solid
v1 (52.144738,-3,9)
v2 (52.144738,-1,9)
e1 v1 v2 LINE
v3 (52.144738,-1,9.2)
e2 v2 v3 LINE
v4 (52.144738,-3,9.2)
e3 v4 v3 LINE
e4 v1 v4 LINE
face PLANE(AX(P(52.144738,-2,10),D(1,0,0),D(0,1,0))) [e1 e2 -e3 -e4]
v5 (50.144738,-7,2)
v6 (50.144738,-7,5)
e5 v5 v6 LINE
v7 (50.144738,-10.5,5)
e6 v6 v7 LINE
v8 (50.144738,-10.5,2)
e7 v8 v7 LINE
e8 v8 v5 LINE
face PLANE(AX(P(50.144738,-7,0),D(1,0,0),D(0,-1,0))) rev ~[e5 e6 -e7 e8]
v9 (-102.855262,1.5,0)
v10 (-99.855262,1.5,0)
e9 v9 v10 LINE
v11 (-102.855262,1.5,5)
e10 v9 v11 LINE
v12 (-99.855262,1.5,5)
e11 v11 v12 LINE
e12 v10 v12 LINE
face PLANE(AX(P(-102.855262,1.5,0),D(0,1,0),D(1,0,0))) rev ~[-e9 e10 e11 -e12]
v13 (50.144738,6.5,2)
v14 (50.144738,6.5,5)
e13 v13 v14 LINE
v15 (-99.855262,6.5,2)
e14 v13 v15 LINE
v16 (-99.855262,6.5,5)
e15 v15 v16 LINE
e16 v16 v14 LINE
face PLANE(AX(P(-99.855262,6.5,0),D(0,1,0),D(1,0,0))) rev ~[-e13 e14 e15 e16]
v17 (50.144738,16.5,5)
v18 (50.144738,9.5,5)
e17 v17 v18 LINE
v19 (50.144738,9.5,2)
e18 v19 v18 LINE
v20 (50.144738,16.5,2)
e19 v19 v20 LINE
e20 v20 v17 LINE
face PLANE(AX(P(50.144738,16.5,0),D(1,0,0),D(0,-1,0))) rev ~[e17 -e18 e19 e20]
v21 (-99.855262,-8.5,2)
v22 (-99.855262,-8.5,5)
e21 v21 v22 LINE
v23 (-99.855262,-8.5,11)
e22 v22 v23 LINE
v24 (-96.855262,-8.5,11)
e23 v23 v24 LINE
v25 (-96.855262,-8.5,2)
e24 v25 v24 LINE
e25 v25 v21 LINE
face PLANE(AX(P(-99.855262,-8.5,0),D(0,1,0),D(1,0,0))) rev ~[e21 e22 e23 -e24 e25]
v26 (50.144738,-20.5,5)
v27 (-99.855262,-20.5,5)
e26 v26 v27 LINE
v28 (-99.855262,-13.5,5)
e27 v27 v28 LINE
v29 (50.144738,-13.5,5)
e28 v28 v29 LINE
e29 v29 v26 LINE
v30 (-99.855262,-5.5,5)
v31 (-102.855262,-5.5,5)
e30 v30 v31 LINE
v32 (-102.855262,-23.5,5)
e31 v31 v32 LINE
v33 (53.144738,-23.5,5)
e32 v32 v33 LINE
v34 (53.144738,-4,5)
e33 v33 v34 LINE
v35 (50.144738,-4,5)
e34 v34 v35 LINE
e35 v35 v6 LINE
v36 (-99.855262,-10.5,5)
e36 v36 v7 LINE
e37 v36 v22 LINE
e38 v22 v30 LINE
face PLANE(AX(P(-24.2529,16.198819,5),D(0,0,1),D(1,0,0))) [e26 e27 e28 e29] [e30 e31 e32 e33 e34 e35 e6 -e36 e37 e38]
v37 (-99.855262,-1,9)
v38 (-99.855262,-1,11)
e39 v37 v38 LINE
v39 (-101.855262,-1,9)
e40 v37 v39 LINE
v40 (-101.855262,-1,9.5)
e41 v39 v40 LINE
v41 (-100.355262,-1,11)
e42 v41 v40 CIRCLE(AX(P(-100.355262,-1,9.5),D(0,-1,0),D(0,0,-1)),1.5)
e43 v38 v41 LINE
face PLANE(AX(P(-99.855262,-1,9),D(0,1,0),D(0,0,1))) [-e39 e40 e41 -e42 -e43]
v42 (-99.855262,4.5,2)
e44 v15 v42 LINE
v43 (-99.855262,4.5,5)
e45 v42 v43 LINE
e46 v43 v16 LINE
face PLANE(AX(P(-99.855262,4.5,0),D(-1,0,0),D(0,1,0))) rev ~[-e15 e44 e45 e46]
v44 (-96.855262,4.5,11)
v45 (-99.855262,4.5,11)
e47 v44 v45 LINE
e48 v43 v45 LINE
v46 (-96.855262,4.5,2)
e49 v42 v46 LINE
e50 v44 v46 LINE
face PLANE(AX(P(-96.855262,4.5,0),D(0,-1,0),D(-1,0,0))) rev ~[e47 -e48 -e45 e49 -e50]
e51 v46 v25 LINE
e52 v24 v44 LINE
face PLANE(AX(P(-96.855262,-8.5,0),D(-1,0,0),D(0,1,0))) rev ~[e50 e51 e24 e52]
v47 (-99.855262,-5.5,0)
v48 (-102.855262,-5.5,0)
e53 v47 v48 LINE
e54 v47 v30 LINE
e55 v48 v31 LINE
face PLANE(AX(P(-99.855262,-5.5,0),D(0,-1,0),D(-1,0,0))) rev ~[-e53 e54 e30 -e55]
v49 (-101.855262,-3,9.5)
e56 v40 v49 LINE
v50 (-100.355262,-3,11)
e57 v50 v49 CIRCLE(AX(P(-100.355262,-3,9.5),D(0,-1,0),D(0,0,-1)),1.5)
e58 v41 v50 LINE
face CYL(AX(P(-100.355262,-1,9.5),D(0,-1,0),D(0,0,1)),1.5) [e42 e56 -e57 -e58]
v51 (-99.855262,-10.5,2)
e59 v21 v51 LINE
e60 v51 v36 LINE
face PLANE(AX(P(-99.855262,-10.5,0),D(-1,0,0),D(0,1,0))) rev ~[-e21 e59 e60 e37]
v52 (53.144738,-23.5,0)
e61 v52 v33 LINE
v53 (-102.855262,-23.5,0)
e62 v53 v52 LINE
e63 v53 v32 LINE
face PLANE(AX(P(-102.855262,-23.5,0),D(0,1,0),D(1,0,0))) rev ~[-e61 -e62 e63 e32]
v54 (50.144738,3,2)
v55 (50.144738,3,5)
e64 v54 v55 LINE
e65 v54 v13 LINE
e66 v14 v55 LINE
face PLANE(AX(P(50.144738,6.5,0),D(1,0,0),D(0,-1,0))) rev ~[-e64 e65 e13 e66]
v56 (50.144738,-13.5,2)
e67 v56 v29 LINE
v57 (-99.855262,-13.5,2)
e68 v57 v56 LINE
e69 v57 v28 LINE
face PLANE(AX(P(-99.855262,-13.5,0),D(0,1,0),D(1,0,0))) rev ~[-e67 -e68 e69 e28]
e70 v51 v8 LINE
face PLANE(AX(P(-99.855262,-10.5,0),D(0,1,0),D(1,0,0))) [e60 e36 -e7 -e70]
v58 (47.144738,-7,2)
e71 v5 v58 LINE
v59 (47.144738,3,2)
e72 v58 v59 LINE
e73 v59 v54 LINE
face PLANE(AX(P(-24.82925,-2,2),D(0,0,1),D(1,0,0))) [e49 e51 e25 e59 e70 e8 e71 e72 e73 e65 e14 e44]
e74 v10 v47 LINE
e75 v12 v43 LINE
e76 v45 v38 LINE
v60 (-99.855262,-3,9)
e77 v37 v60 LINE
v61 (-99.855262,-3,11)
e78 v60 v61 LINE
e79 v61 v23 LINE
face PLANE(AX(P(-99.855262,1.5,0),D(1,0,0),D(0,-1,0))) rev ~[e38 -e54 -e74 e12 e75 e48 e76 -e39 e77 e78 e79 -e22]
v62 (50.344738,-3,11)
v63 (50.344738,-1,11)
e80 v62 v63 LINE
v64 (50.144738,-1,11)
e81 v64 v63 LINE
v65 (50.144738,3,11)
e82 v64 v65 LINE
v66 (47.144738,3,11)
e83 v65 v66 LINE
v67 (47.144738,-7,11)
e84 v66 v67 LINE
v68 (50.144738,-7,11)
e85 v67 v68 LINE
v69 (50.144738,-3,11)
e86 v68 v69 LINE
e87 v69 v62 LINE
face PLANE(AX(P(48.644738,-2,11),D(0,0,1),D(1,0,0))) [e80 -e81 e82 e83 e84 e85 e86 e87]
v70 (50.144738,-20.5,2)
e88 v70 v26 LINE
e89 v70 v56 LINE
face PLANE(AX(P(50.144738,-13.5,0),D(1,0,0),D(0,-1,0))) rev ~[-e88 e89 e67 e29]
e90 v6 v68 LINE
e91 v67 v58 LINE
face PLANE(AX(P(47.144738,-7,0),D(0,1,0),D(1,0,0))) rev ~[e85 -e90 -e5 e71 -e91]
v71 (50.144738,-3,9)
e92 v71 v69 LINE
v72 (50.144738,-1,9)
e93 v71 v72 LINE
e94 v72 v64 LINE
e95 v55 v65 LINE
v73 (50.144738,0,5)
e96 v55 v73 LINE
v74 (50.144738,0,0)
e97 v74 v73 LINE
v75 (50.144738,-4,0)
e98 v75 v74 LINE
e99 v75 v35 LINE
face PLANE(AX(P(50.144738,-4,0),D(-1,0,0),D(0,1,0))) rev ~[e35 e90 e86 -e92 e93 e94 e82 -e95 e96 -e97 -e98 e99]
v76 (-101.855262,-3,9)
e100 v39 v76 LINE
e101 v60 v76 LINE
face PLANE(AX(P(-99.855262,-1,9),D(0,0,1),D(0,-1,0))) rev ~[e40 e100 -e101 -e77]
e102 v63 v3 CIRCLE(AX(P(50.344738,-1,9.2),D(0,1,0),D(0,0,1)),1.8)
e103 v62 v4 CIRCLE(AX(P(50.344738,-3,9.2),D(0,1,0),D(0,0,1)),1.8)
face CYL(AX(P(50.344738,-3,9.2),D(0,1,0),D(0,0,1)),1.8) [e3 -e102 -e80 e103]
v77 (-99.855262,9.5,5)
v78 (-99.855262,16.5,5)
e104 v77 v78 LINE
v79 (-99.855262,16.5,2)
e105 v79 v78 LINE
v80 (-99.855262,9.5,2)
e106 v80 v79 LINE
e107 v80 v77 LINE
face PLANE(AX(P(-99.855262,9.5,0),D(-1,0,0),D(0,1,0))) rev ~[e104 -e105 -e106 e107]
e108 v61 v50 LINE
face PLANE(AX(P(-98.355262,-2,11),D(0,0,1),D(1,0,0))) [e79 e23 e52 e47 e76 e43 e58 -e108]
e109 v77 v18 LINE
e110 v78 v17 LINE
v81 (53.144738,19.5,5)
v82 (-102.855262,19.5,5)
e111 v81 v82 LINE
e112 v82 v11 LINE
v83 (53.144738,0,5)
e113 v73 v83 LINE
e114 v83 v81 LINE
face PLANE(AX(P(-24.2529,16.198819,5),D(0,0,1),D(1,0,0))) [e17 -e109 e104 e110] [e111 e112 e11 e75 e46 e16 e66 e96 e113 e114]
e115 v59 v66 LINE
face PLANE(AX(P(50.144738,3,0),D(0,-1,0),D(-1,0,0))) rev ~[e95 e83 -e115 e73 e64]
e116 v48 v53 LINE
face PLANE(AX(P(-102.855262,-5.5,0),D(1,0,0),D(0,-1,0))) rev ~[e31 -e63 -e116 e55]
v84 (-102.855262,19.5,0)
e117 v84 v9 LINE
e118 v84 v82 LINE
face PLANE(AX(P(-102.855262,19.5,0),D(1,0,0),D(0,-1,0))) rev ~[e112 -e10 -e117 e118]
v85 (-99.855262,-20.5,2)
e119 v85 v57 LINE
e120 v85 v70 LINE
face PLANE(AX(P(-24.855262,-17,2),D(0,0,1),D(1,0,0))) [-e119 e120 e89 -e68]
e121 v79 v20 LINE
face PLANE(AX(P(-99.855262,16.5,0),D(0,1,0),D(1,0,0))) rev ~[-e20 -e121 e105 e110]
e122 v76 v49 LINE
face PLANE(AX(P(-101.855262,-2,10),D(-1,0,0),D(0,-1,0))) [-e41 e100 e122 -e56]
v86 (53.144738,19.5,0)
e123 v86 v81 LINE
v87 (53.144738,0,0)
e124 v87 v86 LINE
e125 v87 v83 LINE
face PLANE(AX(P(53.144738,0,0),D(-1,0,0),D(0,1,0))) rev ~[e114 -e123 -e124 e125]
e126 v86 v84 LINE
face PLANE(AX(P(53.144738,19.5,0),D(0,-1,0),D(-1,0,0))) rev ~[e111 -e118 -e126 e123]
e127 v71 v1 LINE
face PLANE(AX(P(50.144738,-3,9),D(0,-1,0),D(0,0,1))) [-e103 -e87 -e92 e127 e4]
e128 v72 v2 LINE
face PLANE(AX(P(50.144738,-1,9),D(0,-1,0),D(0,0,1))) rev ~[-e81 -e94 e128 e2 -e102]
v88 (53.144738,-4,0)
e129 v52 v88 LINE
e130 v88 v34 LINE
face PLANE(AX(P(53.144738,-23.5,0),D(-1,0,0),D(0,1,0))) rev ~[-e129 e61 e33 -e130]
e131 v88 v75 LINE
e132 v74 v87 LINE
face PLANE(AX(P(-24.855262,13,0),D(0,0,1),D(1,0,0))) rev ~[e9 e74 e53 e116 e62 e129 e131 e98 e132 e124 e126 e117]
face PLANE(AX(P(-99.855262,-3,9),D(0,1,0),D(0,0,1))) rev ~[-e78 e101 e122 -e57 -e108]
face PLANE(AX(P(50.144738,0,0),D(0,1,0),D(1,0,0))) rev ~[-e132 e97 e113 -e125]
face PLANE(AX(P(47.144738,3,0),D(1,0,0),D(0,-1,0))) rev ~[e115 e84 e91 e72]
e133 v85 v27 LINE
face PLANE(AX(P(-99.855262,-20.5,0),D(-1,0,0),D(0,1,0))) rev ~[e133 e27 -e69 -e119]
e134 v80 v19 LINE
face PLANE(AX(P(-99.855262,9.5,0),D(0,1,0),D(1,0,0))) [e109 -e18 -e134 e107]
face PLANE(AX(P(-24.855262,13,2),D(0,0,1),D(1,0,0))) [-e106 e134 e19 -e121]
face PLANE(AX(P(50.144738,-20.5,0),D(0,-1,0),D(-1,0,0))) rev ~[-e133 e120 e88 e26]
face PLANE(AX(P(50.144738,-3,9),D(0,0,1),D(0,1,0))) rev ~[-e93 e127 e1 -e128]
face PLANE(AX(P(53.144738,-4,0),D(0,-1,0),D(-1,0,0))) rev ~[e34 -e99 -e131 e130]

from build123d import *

# Parameters (mm, degrees)
F0_W     = 150
F0_H     = 3
F1_DEPTH = 5
F0_H_2   = 7
F2_DEPTH = 2
F3_DEPTH = 11
F5_W     = 2
F5_H     = 2
F6_DEPTH = 2
F7_R     = 1.5
F8_W     = 2
F8_H     = 2
F9_DEPTH = 2
F10_R    = 1.8


with BuildPart() as f1:
    # F0 (on Top) → F1 (new body)
    with BuildSketch(Plane.XY):
        Polygon((53.1447380781, 19.5), (-102.8552619219, 19.5), (-102.8552619219, 1.5), (-99.8552619219, 1.5), (-99.8552619219, 4.5), (-99.8552619219, 6.5), (-99.8552619219, 9.5), (-99.8552619219, 16.5), (50.1447380781, 16.5), (50.1447380781, 9.5), (50.1447380781, 6.5), (50.1447380781, 3), (50.1447380781, 0), (53.1447380781, 0), align=None)
        Polygon((-99.8552619219, 4.5), (-99.8552619219, 1.5), (-99.8552619219, -5.5), (-99.8552619219, -8.5), (-96.8552619219, -8.5), (-96.8552619219, 4.5), align=None)
        Polygon((-99.8552619219, -5.5), (-102.8552619219, -5.5), (-102.8552619219, -23.5), (53.1447380781, -23.5), (53.1447380781, -4), (50.1447380781, -4), (50.1447380781, -7), (50.1447380781, -10.5), (50.1447380781, -13.5), (50.1447380781, -20.5), (-99.8552619219, -20.5), (-99.8552619219, -13.5), (-99.8552619219, -10.5), (-99.8552619219, -8.5), align=None)
        with Locations((-24.8552619219, -12)):
            Rectangle(F0_W, F0_H)
        with Locations((-24.8552619219, 8)):
            Rectangle(F0_W, F0_H)
        Polygon((50.1447380781, -4), (50.1447380781, 0), (50.1447380781, 3), (47.1447380781, 3), (47.1447380781, -7), (50.1447380781, -7), align=None)
    extrude(amount=F1_DEPTH)

    # F0 (on Top) → F2 (join)
    with BuildSketch(Plane.XY):
        with Locations((-24.8552619219, 13)):
            Rectangle(F0_W, F0_H_2)
        Polygon((-99.8552619219, 6.5), (-99.8552619219, 4.5), (-96.8552619219, 4.5), (-96.8552619219, -8.5), (-99.8552619219, -8.5), (-99.8552619219, -10.5), (50.1447380781, -10.5), (50.1447380781, -7), (47.1447380781, -7), (47.1447380781, 3), (50.1447380781, 3), (50.1447380781, 6.5), align=None)
        with Locations((-24.8552619219, -17)):
            Rectangle(F0_W, F0_H_2)
    extrude(amount=F2_DEPTH)


with BuildPart() as f3:
    # F0 (on Top) → F3 (new body)
    with BuildSketch(Plane.XY):
        Polygon((-99.8552619219, 4.5), (-99.8552619219, 1.5), (-99.8552619219, -5.5), (-99.8552619219, -8.5), (-96.8552619219, -8.5), (-96.8552619219, 4.5), align=None)
    extrude(amount=F3_DEPTH)


with BuildPart() as f3b:
    # F0 (on Top) → F3, piece 2 (new body)
    with BuildSketch(Plane.XY):
        Polygon((50.1447380781, -4), (50.1447380781, 0), (50.1447380781, 3), (47.1447380781, 3), (47.1447380781, -7), (50.1447380781, -7), align=None)
    extrude(amount=F3_DEPTH)


with BuildPart() as f1_1:
    add(f1.part)

    # F4: union F3b, F3
    add(f3b.part)
    add(f3.part)

    # F5 (on face) → F6 (join)
    with BuildSketch(Plane(origin=(-99.8552619219, 0, 0), x_dir=(0, -1, 0), z_dir=(-1, 0, 0))):
        with Locations((2, 10)):
            Rectangle(F5_W, F5_H)
    extrude(amount=F6_DEPTH)

    # F7
    f7_edges = [f1_1.edges().sort_by_distance(p)[0] for p in [
        (-101.855262, -2, 11),
    ]]
    fillet(f7_edges, radius=F7_R)

    # F8 (on face) → F9 (join)
    with BuildSketch(Plane.YZ.offset(50.1447380781)):
        with Locations((-2, 10)):
            Rectangle(F8_W, F8_H)
    extrude(amount=F9_DEPTH)

    # F10
    f10_edges = [f1_1.edges().sort_by_distance(p)[0] for p in [
        (52.144738, -2, 11),
    ]]
    fillet(f10_edges, radius=F10_R)


solid = f1_1.part
